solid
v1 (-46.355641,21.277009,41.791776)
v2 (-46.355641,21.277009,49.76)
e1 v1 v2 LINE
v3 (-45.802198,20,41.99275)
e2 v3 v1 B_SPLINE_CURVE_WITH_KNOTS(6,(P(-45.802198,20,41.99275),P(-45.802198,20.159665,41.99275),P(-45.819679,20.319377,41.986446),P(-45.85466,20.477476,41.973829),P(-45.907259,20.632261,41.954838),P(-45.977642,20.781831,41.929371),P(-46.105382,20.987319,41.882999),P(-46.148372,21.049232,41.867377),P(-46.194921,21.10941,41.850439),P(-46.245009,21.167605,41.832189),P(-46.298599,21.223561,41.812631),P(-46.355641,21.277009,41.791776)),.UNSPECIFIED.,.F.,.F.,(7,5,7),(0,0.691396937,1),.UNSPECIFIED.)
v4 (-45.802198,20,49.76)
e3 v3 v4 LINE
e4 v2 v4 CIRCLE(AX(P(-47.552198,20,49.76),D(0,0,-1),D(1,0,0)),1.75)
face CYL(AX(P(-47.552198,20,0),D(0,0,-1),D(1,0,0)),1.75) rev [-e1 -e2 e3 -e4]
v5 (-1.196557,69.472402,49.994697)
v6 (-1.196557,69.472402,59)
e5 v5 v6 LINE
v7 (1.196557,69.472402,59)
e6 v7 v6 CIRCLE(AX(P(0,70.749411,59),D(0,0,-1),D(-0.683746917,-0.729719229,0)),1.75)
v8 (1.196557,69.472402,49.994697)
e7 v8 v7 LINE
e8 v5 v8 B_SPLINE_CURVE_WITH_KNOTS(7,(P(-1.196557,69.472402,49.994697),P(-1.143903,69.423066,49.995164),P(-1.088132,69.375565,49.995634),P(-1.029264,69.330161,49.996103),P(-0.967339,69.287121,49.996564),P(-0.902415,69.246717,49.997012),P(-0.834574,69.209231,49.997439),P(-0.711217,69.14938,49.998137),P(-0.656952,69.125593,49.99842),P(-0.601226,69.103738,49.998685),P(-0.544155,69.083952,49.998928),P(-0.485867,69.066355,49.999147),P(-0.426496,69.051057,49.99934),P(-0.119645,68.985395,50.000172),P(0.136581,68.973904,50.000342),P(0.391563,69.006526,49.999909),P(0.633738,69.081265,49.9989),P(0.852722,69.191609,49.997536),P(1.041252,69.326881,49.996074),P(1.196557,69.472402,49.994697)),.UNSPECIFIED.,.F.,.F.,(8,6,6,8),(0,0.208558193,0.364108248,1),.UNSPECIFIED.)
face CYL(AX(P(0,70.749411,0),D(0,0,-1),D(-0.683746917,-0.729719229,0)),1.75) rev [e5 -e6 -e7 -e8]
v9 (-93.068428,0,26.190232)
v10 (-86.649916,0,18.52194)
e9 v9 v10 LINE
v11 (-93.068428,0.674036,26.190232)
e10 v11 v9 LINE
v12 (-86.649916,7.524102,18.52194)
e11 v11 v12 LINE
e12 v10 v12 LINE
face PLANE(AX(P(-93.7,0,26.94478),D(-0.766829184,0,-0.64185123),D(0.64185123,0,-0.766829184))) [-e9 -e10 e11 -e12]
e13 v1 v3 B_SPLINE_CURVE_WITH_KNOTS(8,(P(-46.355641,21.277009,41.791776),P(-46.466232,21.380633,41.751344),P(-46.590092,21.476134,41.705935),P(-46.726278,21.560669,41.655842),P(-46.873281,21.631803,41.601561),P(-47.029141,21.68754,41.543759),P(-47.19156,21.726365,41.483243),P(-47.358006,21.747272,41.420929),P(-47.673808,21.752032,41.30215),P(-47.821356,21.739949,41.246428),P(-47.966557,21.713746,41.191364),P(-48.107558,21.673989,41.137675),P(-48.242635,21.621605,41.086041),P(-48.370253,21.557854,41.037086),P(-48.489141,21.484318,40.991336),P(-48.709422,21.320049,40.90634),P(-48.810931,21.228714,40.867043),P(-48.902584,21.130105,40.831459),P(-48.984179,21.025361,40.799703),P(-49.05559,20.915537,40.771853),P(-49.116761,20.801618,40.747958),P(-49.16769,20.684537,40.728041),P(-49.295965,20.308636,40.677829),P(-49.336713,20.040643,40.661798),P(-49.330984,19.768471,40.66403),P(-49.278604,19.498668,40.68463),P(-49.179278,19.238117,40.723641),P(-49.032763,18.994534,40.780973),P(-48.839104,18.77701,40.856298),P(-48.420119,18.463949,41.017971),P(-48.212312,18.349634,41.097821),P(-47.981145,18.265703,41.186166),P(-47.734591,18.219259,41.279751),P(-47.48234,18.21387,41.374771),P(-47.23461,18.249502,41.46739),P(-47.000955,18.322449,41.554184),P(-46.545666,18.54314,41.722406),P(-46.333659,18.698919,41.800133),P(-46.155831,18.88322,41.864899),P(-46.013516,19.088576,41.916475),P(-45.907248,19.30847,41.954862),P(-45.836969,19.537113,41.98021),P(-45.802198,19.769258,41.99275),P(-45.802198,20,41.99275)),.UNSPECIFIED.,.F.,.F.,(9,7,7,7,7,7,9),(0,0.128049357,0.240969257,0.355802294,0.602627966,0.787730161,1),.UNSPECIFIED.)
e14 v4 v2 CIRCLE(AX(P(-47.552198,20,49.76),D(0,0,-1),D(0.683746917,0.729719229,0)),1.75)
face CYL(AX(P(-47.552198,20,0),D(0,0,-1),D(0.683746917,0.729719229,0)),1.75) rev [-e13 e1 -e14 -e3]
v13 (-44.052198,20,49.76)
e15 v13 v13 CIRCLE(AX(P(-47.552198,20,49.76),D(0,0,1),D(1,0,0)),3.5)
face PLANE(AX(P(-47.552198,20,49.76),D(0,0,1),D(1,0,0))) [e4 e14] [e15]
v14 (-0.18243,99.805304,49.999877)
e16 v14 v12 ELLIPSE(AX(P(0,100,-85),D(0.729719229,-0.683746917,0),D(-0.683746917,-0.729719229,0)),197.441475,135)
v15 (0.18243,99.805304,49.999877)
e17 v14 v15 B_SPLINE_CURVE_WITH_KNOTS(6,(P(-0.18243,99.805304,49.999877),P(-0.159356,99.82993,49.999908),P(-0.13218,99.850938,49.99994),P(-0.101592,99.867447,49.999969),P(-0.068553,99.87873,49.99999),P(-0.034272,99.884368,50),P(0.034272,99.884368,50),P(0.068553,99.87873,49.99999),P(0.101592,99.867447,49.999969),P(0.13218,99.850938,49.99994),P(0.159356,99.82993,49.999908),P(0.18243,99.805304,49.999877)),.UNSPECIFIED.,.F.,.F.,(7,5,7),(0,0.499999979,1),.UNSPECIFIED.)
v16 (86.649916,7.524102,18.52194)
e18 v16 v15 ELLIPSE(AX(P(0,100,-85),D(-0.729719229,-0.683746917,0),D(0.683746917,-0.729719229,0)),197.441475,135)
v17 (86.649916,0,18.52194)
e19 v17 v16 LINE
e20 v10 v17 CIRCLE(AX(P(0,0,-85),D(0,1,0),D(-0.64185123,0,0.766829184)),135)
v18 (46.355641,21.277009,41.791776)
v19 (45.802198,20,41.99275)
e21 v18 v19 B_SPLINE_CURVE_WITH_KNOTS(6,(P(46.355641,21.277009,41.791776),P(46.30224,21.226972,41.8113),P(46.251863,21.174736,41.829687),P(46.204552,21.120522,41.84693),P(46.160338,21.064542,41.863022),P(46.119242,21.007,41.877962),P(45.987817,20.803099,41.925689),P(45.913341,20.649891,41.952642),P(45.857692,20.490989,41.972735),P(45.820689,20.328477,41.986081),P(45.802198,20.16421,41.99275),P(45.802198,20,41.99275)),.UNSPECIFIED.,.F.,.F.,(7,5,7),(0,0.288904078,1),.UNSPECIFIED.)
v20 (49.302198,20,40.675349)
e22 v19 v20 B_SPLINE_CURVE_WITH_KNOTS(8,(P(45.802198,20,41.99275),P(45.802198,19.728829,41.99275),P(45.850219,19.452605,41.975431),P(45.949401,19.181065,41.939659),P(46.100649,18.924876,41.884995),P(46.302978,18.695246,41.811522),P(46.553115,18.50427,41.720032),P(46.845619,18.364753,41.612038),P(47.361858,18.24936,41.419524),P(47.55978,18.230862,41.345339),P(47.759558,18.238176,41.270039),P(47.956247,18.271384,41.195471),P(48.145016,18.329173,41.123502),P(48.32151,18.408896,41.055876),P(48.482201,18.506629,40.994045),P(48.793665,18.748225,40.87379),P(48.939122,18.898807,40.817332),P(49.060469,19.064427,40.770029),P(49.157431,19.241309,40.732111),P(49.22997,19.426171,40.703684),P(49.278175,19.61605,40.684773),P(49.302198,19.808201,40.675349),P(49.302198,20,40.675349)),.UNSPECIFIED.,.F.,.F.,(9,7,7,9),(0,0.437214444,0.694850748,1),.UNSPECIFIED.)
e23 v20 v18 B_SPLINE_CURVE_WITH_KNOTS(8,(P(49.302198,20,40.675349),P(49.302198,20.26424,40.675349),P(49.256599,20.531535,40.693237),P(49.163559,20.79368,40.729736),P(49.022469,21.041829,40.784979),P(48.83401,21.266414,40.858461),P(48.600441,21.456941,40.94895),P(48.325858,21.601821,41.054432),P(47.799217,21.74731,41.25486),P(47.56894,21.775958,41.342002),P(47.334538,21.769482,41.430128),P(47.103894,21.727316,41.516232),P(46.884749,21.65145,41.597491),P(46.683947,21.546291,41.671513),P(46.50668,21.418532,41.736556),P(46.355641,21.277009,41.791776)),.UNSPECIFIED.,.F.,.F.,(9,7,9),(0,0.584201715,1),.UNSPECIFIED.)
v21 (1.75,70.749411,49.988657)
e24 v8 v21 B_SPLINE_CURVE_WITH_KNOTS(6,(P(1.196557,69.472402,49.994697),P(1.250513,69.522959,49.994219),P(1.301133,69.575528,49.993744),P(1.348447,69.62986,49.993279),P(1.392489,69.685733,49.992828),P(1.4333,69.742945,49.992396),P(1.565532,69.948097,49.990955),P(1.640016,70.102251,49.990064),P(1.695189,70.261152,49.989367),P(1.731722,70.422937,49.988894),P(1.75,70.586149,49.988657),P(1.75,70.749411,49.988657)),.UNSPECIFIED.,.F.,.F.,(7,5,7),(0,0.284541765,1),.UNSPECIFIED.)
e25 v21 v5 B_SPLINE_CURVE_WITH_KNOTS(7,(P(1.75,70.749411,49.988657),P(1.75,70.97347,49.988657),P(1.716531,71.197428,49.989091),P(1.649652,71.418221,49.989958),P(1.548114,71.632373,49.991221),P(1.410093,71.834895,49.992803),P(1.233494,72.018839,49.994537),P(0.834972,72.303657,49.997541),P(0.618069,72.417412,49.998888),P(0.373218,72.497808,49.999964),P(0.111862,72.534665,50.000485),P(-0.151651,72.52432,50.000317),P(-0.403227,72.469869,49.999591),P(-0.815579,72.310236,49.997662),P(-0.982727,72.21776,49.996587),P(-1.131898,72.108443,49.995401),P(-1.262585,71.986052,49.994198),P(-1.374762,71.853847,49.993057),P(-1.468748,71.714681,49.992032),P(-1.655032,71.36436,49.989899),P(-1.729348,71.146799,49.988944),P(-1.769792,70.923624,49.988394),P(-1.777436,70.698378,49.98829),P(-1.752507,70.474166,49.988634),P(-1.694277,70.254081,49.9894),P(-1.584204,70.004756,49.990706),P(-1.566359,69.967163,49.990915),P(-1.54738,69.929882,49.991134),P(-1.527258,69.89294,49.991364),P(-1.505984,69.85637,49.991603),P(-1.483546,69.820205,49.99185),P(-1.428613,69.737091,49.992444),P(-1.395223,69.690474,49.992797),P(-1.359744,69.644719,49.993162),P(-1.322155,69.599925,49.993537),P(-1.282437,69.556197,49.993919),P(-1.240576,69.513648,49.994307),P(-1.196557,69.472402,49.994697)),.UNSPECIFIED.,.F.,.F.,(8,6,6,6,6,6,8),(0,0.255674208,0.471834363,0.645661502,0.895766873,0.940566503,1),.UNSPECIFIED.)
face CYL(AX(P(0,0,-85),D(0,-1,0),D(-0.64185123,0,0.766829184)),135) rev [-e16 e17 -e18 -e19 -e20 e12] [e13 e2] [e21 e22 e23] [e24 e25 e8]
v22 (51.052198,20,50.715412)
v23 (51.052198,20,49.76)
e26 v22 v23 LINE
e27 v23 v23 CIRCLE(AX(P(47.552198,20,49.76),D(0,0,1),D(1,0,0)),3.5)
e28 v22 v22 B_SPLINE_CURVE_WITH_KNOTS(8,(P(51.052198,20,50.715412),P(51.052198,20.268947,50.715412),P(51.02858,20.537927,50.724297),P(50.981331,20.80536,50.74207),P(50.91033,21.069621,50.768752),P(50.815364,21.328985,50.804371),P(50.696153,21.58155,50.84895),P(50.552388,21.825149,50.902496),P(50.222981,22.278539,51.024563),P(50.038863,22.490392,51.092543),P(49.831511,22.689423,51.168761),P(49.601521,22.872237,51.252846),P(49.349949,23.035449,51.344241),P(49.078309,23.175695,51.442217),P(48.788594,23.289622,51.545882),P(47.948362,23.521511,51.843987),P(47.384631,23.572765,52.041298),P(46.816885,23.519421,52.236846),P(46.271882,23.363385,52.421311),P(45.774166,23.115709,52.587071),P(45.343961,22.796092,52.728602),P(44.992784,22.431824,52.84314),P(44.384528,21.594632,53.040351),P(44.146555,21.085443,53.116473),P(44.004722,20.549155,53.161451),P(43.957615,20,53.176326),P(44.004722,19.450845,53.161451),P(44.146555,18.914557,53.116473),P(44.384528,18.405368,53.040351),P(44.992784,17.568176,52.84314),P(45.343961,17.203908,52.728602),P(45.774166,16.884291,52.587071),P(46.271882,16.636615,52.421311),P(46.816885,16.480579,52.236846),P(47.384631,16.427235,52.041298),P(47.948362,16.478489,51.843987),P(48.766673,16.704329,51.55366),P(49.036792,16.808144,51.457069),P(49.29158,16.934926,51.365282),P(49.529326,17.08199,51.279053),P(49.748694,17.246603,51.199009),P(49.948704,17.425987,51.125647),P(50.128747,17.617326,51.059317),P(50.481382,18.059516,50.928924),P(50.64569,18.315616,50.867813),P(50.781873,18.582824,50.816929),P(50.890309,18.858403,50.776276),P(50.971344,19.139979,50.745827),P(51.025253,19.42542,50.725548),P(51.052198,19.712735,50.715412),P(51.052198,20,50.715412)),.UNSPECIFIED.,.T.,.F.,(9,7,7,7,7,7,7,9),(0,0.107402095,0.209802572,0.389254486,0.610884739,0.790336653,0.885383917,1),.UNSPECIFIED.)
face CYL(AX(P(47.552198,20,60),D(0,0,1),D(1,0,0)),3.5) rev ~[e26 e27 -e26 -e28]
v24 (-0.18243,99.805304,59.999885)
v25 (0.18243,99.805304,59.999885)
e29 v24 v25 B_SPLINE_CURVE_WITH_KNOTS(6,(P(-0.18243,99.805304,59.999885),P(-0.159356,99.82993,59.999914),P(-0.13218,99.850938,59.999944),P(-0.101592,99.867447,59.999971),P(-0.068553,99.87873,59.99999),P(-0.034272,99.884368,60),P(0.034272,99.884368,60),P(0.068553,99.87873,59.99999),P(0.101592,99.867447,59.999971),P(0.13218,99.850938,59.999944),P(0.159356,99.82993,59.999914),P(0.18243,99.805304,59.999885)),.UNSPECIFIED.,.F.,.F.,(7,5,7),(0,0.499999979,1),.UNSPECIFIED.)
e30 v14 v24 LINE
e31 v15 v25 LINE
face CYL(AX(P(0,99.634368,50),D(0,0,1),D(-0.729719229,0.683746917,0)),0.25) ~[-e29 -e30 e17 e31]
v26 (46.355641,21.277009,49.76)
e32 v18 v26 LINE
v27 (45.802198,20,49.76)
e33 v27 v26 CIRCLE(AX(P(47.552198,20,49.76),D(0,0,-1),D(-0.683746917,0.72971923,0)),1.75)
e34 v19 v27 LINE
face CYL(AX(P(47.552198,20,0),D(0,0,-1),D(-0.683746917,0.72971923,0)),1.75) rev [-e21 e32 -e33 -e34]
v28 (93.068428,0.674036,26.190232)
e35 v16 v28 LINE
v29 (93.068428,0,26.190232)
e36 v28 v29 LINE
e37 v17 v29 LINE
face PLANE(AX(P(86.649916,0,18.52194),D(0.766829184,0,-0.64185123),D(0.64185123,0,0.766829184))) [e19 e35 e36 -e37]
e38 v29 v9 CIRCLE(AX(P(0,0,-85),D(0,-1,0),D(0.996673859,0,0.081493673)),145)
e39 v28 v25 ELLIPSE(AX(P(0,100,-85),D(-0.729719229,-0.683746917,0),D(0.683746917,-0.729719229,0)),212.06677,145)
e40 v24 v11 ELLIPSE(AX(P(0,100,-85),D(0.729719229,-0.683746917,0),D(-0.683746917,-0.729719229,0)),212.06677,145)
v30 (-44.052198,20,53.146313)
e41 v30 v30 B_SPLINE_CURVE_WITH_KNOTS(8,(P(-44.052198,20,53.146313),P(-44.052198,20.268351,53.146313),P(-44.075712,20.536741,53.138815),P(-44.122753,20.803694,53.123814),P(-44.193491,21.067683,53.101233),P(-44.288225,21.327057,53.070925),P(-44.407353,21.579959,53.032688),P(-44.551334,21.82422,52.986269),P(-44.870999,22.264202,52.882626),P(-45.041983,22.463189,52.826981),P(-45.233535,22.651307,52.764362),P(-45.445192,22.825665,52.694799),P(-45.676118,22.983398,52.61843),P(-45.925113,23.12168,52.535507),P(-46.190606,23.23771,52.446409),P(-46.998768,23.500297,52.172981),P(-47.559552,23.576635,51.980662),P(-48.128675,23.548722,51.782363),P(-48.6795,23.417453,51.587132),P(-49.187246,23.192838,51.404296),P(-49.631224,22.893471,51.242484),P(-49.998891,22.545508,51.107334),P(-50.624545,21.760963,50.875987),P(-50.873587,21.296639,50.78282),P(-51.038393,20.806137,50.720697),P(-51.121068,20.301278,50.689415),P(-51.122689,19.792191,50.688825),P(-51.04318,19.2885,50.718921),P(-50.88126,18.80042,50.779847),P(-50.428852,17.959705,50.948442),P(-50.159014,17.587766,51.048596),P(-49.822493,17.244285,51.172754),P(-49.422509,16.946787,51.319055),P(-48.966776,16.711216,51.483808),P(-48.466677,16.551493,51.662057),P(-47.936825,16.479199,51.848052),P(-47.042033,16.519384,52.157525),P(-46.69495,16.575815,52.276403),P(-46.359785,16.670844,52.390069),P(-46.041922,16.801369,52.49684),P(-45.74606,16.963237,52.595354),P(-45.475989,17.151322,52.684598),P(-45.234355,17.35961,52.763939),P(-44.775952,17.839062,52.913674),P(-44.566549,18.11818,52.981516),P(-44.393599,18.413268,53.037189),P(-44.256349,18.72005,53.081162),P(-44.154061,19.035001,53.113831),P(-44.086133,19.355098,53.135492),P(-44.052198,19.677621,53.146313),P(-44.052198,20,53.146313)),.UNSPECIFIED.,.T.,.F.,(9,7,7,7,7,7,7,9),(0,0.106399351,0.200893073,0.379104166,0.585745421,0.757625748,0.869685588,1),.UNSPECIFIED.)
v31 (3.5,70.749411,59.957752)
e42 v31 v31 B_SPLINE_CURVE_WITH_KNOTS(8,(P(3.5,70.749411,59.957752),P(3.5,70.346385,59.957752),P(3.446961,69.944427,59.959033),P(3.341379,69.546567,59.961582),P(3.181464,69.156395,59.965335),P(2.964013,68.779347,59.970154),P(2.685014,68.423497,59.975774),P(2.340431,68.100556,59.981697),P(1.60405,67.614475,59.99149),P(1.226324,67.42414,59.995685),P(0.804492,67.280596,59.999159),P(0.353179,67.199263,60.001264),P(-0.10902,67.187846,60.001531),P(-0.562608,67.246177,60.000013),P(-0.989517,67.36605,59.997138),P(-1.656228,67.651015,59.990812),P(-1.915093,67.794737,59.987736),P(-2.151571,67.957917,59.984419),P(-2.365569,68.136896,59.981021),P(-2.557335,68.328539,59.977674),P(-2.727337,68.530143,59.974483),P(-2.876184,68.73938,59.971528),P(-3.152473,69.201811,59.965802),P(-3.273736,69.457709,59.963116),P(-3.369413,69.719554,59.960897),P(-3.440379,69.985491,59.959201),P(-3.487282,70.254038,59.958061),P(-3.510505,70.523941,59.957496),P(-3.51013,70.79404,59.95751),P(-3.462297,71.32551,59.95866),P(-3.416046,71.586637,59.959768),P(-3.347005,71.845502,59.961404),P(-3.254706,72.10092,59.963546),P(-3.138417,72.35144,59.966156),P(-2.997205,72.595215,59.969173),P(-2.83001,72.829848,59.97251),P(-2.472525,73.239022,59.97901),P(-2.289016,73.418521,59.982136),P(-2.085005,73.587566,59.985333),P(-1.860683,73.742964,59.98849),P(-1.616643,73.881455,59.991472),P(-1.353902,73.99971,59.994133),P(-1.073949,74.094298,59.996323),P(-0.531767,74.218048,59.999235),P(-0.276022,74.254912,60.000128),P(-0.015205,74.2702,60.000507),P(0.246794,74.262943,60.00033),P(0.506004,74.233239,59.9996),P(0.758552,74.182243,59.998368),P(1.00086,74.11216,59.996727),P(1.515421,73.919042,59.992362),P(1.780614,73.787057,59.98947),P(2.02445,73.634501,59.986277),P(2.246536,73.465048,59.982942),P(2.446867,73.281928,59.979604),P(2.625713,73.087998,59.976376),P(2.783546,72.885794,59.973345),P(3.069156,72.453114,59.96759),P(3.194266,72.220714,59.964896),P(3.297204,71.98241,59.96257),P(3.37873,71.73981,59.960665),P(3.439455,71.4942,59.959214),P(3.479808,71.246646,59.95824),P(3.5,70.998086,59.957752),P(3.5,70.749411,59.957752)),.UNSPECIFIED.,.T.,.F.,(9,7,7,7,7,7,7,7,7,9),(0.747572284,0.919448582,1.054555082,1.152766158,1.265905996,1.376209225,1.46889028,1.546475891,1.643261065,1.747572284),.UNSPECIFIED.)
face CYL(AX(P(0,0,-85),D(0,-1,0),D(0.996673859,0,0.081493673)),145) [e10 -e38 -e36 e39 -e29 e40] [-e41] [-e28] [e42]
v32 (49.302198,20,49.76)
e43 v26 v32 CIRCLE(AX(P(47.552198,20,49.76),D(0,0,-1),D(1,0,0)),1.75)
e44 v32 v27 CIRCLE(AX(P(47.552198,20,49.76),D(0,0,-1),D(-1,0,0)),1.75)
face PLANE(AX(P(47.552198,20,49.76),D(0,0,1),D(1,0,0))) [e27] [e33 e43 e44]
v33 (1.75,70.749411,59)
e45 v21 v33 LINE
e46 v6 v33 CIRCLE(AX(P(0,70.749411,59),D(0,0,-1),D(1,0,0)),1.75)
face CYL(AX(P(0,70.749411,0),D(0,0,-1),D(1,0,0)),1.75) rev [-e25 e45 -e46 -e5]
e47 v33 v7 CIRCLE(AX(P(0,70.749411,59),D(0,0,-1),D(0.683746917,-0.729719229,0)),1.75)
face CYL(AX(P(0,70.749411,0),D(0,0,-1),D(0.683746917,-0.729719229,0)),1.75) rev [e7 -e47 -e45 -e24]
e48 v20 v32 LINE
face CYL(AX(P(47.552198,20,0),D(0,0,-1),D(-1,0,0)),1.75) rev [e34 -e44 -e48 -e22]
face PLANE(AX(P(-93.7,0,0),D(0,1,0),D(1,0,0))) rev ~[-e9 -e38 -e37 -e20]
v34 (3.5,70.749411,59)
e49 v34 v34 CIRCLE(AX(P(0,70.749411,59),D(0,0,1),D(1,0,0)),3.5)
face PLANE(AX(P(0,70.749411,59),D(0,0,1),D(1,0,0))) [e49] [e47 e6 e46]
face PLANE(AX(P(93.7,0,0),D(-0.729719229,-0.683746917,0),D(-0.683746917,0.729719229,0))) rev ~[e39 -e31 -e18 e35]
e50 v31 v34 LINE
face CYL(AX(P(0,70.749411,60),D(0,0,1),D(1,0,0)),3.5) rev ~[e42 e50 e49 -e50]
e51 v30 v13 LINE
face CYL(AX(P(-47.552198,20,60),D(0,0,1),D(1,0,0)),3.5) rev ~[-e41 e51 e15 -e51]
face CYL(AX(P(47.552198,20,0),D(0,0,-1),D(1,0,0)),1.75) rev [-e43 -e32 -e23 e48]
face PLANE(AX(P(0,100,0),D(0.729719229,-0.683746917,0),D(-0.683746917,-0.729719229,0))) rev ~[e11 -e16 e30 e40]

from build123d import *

# Parameters (mm, degrees)
BOSS_EXTRUDE1_DEPTH = 100
CUT_EXTRUDE1_DEPTH  = 100
CUT_EXTRUDE3_DEPTH  = 100
FILLET1_R           = 0.25
CUT_EXTRUDE4_DEPTH  = 100
SKETCH6_R           = 3.5
CUT_EXTRUDE5_DEPTH  = 1
SKETCH7_R           = 3.5
CUT_EXTRUDE6_DEPTH  = 10.24


with BuildPart() as part:
    # Sketch1 → Boss-Extrude1 (new body)
    with BuildSketch(Plane.XY):
        Polygon((-93.7, 0), (93.7, 0), (0, 100), align=None)
    extrude(amount=BOSS_EXTRUDE1_DEPTH)

    # Sketch3 → Cut-Extrude1 (cut)
    with BuildSketch(Plane(origin=(0, 0, 0), x_dir=(1, 0, 0), z_dir=(0, 1, 0))):
        with BuildLine():
            Line((86.649916098, -18.521939898), (93.7, -26.944779698))
            Line((93.7, -26.944779698), (117.286189742, 18.149796591))
            ThreePointArc((117.286189742, 18.149796591), (0, 220), (-117.286189742, 18.149796591))
            Line((-117.286189742, 18.149796591), (-93.7, -26.944779698))
            Line((-93.7, -26.944779698), (-86.649916098, -18.521939898))
            ThreePointArc((-86.649916098, -18.521939898), (0, -50), (86.649916098, -18.521939898))
        make_face()
    extrude(amount=CUT_EXTRUDE1_DEPTH, mode=Mode.SUBTRACT)

    # Sketch4 → Cut-Extrude3 (cut)
    with BuildSketch(Plane(origin=(0, 0, 0), x_dir=(1, 0, 0), z_dir=(0, 1, 0))):
        with BuildLine():
            Line((-145, 85), (-145, -157.27076369))
            Line((-145, -157.27076369), (195.83768652, -157.27076369))
            Line((195.83768652, -157.27076369), (144.517709557, 73.183417402))
            ThreePointArc((144.517709557, 73.183417402), (-5.913210388, -59.879377217), (-145, 85))
        make_face()
    extrude(amount=CUT_EXTRUDE3_DEPTH, mode=Mode.SUBTRACT)

    # Fillet1
    fillet1_edges = [part.edges().sort_by_distance(p)[0] for p in [
        (0, 100, 55),
    ]]
    fillet(fillet1_edges, radius=FILLET1_R)

    # Sketch5 → Cut-Extrude4 (cut)
    with BuildSketch(Plane.XY):
        with BuildLine():
            ThreePointArc((1.75, 70.74941109), (-0.695889742, 72.355100184), (-1.196557105, 69.472402439))
            Line((-1.196557105, 69.472402439), (0, 70.74941109))
            Line((0, 70.74941109), (1.196557105, 69.472402439))
            ThreePointArc((1.196557105, 69.472402439), (1.605689094, 70.053521348), (1.75, 70.74941109))
        make_face()
        with BuildLine():
            Line((0, 70.74941109), (-1.196557105, 69.472402439))
            ThreePointArc((-1.196557105, 69.472402439), (0, 68.99941109), (1.196557105, 69.472402439))
            Line((1.196557105, 69.472402439), (0, 70.74941109))
        make_face()
        with BuildLine():
            ThreePointArc((46.355641086, 21.27700865), (45.946509097, 20.695889742), (45.802198191, 20))
            Line((45.802198191, 20), (47.552198191, 20))
            Line((47.552198191, 20), (46.355641086, 21.27700865))
        make_face()
        with BuildLine():
            Line((47.552198191, 20), (45.802198191, 20))
            ThreePointArc((45.802198191, 20), (47.552198191, 18.25), (49.302198191, 20))
            ThreePointArc((49.302198191, 20), (48.248087933, 21.605689094), (46.355641086, 21.27700865))
            Line((46.355641086, 21.27700865), (47.552198191, 20))
        make_face()
        with BuildLine():
            Line((-46.355641086, 21.27700865), (-47.552198191, 20))
            Line((-47.552198191, 20), (-45.802198191, 20))
            ThreePointArc((-45.802198191, 20), (-45.946509097, 20.695889742), (-46.355641086, 21.27700865))
        make_face()
        with BuildLine():
            Line((-45.802198191, 20), (-47.552198191, 20))
            Line((-47.552198191, 20), (-46.355641086, 21.27700865))
            ThreePointArc((-46.355641086, 21.27700865), (-49.157887285, 19.304110258), (-45.802198191, 20))
        make_face()
    extrude(amount=CUT_EXTRUDE4_DEPTH, mode=Mode.SUBTRACT)

    # Sketch6 → Cut-Extrude5 (cut)
    with BuildSketch(Plane.XY.offset(60)):
        with Locations((0, 70.74941109)):
            Circle(SKETCH6_R)
    extrude(amount=-CUT_EXTRUDE5_DEPTH, mode=Mode.SUBTRACT)

    # Sketch7 → Cut-Extrude6 (cut)
    with BuildSketch(Plane.XY.offset(60)):
        with Locations((-47.552198191, 20)):
            Circle(SKETCH7_R)
        with Locations((47.552198191, 20)):
            Circle(SKETCH7_R)
    extrude(amount=-CUT_EXTRUDE6_DEPTH, mode=Mode.SUBTRACT)


solid = part.part
